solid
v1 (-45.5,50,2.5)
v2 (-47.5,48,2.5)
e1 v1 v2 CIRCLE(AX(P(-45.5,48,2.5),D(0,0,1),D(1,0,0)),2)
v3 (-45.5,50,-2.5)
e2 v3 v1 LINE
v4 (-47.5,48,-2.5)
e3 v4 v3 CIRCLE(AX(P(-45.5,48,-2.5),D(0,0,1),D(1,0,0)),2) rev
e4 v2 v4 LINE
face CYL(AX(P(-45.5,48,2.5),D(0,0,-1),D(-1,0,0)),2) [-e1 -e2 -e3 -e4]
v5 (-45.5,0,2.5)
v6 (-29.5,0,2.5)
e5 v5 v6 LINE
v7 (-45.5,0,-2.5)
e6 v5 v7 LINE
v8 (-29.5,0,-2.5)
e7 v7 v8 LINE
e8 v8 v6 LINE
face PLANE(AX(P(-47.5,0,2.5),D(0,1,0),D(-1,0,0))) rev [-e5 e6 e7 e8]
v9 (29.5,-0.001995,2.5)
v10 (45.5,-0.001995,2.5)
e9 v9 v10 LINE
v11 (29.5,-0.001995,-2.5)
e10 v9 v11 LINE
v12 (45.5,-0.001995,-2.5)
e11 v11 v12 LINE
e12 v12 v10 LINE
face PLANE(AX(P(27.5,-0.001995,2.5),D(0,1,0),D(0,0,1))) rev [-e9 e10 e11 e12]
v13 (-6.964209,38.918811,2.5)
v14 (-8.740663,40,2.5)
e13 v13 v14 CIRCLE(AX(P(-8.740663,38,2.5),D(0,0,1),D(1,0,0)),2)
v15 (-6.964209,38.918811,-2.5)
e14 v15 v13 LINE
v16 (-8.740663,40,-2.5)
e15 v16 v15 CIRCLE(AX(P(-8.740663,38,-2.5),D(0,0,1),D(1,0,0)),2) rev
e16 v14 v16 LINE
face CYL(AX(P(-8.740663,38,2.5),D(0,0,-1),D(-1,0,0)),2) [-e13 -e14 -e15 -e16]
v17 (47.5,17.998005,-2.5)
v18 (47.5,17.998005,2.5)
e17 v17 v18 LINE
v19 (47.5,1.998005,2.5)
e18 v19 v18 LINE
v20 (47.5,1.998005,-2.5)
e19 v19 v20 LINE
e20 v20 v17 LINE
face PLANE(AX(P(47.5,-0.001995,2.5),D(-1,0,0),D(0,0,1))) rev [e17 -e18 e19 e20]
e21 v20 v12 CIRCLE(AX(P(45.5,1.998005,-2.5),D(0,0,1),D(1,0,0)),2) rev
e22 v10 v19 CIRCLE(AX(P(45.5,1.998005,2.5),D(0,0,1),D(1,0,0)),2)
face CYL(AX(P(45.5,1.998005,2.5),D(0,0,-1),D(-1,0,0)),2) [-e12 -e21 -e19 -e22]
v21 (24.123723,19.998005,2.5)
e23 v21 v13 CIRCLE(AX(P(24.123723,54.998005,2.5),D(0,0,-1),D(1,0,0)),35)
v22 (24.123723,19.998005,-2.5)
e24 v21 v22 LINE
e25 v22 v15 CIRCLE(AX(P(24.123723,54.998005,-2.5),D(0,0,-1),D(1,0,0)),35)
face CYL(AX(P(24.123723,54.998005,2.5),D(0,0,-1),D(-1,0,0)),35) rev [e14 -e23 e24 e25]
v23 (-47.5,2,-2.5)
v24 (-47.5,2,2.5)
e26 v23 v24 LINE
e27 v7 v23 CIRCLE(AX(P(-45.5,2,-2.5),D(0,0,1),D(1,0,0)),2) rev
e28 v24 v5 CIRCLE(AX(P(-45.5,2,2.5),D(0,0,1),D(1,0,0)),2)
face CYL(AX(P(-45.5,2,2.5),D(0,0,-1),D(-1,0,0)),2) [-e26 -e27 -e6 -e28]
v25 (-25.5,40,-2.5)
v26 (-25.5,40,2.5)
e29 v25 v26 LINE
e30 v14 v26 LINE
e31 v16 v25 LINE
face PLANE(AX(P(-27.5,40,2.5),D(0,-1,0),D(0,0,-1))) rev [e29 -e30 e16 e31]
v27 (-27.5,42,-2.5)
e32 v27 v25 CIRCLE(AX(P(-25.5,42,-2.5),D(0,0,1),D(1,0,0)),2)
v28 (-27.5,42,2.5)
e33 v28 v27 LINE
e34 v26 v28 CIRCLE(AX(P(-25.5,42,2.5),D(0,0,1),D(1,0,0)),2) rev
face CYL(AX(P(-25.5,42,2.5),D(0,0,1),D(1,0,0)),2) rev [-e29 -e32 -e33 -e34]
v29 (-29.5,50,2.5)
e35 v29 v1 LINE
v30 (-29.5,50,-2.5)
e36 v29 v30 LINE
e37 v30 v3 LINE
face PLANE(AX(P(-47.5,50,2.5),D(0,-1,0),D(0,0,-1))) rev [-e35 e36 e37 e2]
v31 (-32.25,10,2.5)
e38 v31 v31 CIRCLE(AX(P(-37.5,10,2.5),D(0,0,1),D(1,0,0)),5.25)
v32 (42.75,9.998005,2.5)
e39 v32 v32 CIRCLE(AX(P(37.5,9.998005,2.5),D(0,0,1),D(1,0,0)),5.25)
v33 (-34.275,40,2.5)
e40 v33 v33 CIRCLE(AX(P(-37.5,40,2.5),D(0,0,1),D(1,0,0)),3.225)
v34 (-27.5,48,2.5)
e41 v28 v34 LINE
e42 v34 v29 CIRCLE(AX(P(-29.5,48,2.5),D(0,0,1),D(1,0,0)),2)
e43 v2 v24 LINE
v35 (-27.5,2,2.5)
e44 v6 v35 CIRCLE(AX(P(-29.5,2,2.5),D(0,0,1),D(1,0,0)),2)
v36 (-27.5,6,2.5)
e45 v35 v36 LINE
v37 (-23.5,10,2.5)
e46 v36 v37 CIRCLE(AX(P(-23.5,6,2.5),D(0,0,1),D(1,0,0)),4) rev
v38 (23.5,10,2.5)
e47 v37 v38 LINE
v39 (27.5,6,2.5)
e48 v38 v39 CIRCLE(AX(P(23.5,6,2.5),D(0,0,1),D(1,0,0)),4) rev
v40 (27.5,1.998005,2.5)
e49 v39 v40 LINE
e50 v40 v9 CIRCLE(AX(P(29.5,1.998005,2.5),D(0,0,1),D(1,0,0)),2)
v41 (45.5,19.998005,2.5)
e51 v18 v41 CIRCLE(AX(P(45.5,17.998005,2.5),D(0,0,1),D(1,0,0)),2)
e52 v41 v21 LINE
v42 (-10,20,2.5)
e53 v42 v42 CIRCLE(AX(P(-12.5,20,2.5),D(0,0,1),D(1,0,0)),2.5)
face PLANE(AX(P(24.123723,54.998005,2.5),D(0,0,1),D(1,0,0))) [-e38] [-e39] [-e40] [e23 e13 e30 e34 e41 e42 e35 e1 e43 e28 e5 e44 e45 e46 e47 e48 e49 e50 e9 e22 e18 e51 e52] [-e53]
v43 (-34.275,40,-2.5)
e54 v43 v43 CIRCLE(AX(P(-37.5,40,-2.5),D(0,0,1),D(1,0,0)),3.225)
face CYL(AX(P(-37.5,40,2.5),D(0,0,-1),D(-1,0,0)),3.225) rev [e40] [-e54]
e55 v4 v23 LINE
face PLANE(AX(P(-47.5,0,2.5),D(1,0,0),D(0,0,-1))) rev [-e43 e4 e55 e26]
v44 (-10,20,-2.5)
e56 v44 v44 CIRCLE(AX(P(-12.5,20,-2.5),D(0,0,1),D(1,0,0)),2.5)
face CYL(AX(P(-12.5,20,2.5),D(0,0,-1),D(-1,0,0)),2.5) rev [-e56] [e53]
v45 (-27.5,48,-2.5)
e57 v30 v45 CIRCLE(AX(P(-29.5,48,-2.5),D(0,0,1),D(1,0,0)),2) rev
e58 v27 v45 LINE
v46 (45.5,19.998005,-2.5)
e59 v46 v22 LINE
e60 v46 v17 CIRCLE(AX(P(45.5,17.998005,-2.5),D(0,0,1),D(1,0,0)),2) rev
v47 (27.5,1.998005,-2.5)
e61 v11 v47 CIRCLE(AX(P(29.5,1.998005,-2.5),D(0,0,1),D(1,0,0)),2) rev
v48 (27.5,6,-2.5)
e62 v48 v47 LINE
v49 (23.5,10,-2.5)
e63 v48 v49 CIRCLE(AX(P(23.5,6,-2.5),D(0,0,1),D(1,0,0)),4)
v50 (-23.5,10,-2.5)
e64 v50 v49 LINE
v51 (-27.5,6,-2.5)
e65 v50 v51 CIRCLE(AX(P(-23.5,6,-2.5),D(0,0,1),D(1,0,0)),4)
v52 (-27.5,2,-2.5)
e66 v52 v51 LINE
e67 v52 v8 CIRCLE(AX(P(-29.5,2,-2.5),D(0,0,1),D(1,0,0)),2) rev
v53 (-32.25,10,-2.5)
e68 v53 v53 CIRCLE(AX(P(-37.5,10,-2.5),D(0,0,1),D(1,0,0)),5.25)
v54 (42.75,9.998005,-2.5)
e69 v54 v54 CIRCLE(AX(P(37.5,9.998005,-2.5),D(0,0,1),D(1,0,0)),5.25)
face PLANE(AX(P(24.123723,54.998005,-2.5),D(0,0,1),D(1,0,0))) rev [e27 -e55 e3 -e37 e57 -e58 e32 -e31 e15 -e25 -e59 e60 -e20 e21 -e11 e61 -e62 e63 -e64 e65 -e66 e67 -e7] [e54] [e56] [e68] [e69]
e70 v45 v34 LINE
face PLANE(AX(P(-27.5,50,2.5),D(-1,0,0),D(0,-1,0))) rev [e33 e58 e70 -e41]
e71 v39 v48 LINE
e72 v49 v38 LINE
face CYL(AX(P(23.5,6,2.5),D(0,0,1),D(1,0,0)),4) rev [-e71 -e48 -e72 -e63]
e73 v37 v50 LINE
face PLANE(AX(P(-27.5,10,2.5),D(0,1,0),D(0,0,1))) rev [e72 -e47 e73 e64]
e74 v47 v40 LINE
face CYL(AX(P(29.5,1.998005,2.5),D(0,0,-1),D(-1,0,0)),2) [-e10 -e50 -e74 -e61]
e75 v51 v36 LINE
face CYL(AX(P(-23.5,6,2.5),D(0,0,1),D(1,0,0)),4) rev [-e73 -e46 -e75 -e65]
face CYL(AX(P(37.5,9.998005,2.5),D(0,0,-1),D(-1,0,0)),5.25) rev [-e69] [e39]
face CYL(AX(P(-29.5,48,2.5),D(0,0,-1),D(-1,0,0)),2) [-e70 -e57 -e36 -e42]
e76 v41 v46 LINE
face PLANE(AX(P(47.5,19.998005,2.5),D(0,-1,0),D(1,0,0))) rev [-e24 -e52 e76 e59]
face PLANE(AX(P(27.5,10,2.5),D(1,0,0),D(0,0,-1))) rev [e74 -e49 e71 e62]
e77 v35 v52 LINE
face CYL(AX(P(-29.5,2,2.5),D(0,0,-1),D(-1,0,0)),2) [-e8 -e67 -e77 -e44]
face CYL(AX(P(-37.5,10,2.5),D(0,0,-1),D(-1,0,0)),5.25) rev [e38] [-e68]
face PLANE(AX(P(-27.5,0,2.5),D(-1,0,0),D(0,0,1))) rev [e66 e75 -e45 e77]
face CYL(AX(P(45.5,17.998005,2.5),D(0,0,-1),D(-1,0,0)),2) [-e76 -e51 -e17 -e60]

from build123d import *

# Parameters (mm, degrees)
SKETCH1_R           = 5.25
SKETCH1_R_2         = 3.225
SKETCH1_R_3         = 2.5
BOSS_EXTRUDE1_DEPTH = 2.5
FILLET1_R           = 4
FILLET3_R           = 2


with BuildPart() as part:
    # Sketch1 → Boss-Extrude1 (new, symmetric)
    with BuildSketch(Plane.XY):
        with BuildLine():
            Line((-47.5, 0), (-47.5, 50))
            Line((-47.5, 50), (-27.5, 50))
            Line((-27.5, 50), (-27.5, 40))
            Line((-27.5, 40), (-7.5, 40))
            ThreePointArc((-7.5, 40), (5.414502852, 25.418195989), (24.123722991, 19.998004673))
            Line((24.123722991, 19.998004673), (47.5, 19.998004673))
            Line((47.5, 19.998004673), (47.5, -0.001995327))
            Line((47.5, -0.001995327), (27.5, -0.001995327))
            Line((27.5, -0.001995327), (27.5, 10))
            Line((27.5, 10), (-27.5, 10))
            Line((-27.5, 10), (-27.5, 0))
            Line((-27.5, 0), (-47.5, 0))
        make_face()
        with Locations((-37.5, 10)):
            Circle(SKETCH1_R, mode=Mode.SUBTRACT)
        with Locations((-37.5, 40)):
            Circle(SKETCH1_R_2, mode=Mode.SUBTRACT)
        with Locations((-12.5, 20)):
            Circle(SKETCH1_R_3, mode=Mode.SUBTRACT)
        with Locations((37.5, 9.998004673)):
            Circle(SKETCH1_R, mode=Mode.SUBTRACT)
    extrude(amount=BOSS_EXTRUDE1_DEPTH, both=True)

    # Fillet1
    fillet1_edges = [part.edges().sort_by_distance(p)[0] for p in [
        (27.5, 10, 0),
        (-27.5, 10, 0),
    ]]
    fillet(fillet1_edges, radius=FILLET1_R)

    # Fillet3
    fillet3_edges = [part.edges().sort_by_distance(p)[0] for p in [
        (-47.5, 0, 0),
        (-47.5, 50, 0),
        (-27.5, 50, 0),
        (-27.5, 40, 0),
        (-7.5, 40, 0),
        (47.5, 19.998004673, 0),
        (47.5, -0.001995327, 0),
        (27.5, -0.001995327, 0),
        (-27.5, 0, 0),
    ]]
    fillet(fillet3_edges, radius=FILLET3_R)


solid = part.part
